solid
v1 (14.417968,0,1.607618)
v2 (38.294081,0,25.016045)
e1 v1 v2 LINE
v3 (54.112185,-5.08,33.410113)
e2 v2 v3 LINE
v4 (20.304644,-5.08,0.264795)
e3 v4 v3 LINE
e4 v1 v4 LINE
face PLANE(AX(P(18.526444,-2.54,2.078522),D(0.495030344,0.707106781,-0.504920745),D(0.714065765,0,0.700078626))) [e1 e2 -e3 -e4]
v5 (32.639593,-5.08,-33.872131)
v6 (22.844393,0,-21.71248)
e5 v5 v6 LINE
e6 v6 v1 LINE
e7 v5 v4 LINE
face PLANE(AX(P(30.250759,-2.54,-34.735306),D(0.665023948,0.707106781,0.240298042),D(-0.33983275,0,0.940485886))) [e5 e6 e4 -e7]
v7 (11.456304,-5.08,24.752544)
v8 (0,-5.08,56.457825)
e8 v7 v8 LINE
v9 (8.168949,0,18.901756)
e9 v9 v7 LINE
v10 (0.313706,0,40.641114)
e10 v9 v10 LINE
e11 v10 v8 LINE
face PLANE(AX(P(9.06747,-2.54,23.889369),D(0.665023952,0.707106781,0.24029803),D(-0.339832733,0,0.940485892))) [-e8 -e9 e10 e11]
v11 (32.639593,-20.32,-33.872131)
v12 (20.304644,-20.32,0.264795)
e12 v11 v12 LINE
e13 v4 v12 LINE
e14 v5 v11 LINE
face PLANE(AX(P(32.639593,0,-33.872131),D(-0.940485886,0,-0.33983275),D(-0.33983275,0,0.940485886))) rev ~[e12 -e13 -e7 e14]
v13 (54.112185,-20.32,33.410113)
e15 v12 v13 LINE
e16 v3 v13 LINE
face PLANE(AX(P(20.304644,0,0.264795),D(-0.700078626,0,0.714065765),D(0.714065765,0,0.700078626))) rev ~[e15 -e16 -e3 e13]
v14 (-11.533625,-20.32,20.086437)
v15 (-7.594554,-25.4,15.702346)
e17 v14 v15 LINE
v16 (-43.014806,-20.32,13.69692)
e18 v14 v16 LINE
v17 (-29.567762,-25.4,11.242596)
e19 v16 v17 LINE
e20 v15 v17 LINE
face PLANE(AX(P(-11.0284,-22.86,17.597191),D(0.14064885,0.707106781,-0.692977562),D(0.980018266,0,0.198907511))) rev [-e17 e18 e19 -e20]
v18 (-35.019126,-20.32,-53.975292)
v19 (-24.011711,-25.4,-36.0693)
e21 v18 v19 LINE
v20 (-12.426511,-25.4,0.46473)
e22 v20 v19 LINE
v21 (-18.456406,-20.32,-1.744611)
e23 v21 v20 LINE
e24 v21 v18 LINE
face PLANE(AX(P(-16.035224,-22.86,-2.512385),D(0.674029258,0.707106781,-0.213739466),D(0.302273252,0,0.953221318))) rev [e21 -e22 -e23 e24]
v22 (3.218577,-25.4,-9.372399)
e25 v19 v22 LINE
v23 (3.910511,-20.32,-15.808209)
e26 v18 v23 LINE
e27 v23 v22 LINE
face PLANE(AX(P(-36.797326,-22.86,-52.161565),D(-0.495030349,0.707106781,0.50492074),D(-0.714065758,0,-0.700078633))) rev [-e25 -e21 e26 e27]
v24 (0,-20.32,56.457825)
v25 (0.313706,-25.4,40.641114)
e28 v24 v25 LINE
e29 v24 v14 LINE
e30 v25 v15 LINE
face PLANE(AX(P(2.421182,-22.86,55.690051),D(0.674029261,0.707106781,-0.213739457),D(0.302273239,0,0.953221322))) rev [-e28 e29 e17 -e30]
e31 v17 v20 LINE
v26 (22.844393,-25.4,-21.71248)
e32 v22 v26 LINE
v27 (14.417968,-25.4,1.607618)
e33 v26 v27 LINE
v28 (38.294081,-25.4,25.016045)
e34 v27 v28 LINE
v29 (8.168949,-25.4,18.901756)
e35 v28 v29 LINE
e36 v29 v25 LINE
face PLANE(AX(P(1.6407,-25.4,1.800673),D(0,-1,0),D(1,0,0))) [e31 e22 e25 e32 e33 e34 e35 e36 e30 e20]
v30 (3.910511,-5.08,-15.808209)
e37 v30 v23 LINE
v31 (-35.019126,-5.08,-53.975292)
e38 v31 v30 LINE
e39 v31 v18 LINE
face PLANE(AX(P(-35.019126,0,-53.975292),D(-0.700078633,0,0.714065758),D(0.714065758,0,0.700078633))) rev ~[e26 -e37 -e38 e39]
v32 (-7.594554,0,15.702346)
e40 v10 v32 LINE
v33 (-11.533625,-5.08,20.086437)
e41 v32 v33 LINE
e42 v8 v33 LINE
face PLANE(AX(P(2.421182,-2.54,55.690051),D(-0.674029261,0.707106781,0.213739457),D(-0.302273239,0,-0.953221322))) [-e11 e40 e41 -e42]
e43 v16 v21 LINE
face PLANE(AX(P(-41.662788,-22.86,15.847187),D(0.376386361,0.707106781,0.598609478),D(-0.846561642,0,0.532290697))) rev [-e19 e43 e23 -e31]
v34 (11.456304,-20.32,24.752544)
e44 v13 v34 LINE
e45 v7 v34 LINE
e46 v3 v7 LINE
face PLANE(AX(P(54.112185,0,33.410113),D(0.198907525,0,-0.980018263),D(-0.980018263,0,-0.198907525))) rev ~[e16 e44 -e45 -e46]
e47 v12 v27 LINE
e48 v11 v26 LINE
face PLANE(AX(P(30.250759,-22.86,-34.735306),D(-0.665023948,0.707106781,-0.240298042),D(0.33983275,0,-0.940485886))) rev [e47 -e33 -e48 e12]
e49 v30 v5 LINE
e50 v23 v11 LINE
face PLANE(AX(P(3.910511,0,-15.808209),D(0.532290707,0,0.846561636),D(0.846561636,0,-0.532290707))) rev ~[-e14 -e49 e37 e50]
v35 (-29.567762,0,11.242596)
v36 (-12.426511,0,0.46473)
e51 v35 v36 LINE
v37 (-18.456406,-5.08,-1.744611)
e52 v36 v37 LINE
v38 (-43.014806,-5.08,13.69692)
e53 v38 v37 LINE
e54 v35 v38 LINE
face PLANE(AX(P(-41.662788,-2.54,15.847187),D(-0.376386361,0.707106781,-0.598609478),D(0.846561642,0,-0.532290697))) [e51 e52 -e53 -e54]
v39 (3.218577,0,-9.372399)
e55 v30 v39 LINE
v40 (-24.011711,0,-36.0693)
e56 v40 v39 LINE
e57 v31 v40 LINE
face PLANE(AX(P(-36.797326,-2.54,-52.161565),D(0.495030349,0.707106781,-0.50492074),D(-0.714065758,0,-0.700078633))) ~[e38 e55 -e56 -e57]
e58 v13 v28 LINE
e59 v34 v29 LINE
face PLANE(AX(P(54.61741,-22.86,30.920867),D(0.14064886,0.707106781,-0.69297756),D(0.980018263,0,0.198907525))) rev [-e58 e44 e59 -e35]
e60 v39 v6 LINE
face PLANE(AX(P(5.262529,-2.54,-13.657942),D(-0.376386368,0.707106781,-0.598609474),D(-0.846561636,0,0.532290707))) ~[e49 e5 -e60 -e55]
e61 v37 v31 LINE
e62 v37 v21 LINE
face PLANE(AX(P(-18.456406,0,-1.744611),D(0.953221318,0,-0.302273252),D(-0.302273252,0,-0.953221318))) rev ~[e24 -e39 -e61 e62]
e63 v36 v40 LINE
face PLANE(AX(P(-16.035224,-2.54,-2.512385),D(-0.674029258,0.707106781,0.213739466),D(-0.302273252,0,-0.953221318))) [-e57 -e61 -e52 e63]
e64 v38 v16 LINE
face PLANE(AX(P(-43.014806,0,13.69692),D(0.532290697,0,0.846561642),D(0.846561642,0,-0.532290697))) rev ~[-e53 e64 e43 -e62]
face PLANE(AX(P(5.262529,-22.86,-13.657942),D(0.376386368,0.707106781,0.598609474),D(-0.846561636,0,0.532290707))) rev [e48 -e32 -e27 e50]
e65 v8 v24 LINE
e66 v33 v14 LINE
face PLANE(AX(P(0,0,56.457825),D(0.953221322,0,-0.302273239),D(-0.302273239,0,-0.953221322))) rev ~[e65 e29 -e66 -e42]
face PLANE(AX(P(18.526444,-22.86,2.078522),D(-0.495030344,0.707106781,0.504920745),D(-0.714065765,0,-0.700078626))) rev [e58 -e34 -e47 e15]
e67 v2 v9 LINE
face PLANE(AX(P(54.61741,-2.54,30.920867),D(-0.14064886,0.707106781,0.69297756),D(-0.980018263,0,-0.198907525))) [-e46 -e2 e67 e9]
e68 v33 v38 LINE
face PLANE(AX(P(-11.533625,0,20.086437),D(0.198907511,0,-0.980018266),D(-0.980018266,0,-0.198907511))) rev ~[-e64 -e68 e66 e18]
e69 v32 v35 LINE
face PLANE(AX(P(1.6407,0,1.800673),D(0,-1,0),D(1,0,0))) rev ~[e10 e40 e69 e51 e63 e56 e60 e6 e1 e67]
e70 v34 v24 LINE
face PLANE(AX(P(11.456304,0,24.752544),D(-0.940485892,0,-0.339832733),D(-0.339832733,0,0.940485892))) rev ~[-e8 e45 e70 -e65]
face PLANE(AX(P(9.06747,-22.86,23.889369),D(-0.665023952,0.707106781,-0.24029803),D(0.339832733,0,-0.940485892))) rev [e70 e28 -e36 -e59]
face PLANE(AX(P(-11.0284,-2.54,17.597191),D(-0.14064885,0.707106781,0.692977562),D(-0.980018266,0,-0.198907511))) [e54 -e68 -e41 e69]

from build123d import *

# Parameters (mm, degrees)
F1_DEPTH = 25.4
F2_SIZE  = 5.08
F3_SIZE  = 5.08


with BuildPart() as f1:
    # F0 (on Front) → F1 (new body)
    with BuildSketch(Plane.XZ):
        Polygon((3.910511, -15.808209), (32.639593, -33.872131), (20.304644, 0.264795), (54.112185, 33.410113), (11.456304, 24.752544), (0, 56.457825), (-11.533625, 20.086437), (-43.014806, 13.69692), (-18.456406, -1.744611), (-35.019126, -53.975292), align=None)
    extrude(amount=F1_DEPTH)

    # F2
    f2_edges = [f1.edges().sort_by_distance(p)[0] for p in [
        (-5.766813, -25.4, 38.272131),
        (-27.274216, -25.4, 16.891679),
        (-15.554307, -25.4, -34.89175),
        (18.275052, -25.4, -24.84017),
        (26.472118, -25.4, -16.803668),
        (37.208414, -25.4, 16.837454),
        (32.784244, -25.4, 29.081329),
        (5.728152, -25.4, 40.605185),
        (-30.735606, -25.4, 5.976154),
        (-26.737766, -25.4, -27.859951),
    ]]
    chamfer(f2_edges, length=F2_SIZE)

    # F3
    f3_edges = [f1.edges().sort_by_distance(p)[0] for p in [
        (-15.554307, 0, -34.89175),
        (18.275052, 0, -24.84017),
        (26.472118, 0, -16.803668),
        (37.208414, 0, 16.837454),
        (32.784244, 0, 29.081329),
        (5.728152, 0, 40.605185),
        (-5.766813, 0, 38.272131),
        (-27.274216, 0, 16.891679),
        (-30.735606, 0, 5.976154),
        (-26.737766, 0, -27.859951),
    ]]
    chamfer(f3_edges, length=F3_SIZE)


solid = f1.part
